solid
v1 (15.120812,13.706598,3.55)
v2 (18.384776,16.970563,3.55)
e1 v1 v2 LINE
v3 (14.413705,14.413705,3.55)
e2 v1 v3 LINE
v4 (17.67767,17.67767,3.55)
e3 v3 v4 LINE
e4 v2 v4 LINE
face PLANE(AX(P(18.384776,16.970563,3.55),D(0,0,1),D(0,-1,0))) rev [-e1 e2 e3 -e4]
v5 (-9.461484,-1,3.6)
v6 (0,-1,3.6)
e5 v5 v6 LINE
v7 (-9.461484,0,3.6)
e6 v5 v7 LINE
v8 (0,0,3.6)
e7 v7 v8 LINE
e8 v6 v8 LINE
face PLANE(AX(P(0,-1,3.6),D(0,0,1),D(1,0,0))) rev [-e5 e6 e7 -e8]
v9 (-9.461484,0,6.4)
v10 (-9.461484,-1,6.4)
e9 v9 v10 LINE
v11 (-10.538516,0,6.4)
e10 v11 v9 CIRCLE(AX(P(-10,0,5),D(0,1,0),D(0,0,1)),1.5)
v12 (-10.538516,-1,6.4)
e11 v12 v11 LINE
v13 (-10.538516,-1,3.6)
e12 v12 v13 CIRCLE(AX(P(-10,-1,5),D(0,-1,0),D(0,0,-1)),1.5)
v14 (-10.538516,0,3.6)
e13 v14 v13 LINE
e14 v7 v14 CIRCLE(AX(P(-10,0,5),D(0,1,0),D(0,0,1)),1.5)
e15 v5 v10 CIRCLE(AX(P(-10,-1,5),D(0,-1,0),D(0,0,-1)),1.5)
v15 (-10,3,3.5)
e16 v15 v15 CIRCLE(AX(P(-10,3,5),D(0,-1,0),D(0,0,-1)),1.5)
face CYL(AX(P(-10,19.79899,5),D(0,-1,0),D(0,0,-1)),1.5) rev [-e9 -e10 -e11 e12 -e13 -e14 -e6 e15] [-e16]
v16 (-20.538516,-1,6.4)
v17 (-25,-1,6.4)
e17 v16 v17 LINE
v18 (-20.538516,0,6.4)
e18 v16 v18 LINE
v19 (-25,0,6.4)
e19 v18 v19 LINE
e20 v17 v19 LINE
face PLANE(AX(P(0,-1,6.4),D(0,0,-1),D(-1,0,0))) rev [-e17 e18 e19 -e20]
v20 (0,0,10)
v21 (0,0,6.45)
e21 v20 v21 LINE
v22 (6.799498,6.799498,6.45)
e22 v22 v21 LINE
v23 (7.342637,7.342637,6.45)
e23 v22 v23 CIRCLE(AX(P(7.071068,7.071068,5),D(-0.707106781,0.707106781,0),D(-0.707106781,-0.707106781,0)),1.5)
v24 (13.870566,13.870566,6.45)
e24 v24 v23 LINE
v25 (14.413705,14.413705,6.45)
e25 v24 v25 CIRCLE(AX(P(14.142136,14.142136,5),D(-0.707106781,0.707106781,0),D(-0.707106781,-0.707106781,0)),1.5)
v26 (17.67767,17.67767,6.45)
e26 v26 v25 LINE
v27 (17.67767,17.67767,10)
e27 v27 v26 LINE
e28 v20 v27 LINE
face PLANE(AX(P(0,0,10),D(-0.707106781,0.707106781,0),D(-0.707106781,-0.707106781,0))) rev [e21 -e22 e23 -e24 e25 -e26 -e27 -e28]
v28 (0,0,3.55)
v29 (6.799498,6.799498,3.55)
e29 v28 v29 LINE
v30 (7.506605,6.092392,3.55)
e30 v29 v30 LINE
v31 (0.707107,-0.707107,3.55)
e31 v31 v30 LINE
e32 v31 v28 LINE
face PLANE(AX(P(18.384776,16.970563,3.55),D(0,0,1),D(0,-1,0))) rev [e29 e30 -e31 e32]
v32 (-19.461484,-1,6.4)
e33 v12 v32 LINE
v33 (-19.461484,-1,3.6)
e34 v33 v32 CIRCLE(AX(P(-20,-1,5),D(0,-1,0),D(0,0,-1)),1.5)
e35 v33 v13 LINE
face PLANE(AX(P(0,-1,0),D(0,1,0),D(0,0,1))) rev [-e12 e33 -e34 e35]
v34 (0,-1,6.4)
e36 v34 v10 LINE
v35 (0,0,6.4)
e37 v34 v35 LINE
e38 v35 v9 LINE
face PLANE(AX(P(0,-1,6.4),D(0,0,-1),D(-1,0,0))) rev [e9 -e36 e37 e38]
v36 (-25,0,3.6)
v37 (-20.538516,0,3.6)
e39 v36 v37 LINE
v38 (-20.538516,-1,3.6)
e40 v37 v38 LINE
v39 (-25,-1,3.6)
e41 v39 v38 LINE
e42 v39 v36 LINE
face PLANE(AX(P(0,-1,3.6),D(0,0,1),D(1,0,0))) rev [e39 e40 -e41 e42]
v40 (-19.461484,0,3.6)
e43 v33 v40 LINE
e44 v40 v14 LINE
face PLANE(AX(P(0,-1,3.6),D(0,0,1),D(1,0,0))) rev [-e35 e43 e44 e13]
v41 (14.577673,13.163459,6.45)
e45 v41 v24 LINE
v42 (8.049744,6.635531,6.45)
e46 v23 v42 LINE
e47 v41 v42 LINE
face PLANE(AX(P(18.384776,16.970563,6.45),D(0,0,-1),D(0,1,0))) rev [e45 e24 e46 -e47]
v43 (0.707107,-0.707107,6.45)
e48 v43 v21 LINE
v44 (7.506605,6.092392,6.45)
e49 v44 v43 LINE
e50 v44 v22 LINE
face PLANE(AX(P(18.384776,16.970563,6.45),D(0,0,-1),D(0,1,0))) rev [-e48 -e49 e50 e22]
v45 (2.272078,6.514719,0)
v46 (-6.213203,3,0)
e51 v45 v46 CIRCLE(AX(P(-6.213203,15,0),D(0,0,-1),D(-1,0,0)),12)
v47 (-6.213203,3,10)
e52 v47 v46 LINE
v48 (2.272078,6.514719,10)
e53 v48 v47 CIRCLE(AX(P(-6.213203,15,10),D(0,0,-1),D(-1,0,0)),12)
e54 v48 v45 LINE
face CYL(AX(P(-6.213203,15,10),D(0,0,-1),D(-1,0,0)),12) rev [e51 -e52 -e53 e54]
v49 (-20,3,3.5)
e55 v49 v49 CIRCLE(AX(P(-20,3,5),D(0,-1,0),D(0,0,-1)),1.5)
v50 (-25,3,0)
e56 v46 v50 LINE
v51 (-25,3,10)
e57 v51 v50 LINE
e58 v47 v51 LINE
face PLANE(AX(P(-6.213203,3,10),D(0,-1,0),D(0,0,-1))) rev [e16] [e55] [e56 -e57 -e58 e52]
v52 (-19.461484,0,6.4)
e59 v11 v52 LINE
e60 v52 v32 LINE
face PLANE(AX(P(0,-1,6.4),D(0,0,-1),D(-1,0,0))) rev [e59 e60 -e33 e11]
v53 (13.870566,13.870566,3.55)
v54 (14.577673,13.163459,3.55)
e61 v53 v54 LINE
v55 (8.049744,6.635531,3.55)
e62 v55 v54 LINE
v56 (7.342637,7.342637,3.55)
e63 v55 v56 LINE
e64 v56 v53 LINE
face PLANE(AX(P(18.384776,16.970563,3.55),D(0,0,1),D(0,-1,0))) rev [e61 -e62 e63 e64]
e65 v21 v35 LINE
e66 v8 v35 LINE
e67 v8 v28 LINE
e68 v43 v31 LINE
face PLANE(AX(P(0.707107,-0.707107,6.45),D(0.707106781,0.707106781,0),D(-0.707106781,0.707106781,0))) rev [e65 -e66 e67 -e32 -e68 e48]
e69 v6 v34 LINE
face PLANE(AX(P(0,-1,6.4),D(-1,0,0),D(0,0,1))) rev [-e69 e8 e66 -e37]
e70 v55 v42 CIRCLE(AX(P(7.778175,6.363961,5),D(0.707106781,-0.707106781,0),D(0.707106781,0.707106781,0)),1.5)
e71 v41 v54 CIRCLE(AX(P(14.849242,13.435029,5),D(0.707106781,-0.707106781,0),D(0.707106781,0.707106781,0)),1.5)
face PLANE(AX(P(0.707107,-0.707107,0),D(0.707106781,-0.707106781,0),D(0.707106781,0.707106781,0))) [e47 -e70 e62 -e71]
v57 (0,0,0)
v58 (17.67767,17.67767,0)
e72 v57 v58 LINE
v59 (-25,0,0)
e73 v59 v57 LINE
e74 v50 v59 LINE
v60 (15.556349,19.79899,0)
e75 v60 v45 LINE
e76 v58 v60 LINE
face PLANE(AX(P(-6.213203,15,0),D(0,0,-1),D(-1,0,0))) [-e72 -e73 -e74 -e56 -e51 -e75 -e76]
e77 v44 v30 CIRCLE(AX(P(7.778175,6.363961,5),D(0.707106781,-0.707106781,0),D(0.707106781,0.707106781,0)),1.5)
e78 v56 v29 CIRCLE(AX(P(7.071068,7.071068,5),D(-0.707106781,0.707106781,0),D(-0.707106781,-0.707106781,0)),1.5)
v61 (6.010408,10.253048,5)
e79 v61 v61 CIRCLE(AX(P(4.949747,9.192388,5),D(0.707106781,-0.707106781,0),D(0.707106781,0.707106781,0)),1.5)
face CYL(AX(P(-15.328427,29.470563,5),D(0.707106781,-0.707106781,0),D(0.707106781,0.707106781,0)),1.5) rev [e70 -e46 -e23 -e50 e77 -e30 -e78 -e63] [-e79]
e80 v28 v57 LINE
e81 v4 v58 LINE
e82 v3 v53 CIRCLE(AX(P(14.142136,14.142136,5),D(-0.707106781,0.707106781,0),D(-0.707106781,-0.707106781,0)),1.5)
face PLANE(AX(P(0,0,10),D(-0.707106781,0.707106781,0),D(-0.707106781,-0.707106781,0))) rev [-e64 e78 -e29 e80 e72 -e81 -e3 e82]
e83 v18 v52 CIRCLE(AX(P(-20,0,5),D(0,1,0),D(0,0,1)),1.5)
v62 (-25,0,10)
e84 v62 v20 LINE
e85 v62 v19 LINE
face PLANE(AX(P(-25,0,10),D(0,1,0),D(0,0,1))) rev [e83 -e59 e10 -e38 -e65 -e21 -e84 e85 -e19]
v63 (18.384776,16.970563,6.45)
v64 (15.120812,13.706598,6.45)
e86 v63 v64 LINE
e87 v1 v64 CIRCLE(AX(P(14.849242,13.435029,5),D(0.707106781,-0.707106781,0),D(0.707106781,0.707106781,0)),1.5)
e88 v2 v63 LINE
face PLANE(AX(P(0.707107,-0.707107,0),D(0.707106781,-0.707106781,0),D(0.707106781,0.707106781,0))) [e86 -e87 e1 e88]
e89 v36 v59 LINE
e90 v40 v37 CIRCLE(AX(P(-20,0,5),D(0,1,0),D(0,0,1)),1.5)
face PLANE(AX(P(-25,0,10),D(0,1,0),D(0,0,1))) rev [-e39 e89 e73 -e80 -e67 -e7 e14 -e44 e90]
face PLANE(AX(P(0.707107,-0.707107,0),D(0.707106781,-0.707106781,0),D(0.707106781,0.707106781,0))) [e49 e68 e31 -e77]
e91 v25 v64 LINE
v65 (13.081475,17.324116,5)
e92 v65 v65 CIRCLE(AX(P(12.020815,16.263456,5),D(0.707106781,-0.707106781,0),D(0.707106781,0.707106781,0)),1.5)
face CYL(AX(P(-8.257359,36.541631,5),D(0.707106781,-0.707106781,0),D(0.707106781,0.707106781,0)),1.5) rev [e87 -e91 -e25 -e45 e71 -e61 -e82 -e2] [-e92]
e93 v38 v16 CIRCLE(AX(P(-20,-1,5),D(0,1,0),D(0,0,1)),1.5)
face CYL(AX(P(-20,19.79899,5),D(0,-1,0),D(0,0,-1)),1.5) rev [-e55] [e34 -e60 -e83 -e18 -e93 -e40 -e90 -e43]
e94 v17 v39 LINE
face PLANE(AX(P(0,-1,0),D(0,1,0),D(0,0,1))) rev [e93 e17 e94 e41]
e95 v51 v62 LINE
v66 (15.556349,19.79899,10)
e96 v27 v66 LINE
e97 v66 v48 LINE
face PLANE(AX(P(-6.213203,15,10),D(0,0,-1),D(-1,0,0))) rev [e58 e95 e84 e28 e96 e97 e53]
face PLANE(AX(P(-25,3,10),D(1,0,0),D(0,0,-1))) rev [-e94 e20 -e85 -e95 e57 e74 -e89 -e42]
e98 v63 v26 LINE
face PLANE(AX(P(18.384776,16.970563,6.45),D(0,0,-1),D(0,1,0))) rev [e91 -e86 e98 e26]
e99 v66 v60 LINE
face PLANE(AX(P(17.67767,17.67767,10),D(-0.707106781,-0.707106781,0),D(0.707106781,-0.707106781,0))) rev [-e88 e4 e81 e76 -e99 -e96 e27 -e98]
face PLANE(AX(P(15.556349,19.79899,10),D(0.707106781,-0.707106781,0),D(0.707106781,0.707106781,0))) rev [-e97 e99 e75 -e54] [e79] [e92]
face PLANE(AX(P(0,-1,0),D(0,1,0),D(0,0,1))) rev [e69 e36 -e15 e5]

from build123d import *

# Parameters (mm, degrees)
BOSS_EXTRU_1_DEPTH           = 10
ESQUISSE4_W                  = 25
ESQUISSE4_H                  = 2.8
BOSS_EXTRU_2_DEPTH           = 1
ESQUISSE2_R                  = 1.5
ENL_V_MAT_EXTRU_1_DEPTH      = 34.421549934
ENL_V_MAT_EXTRU_1_DEPTH_BACK = 34.421549934
ESQUISSE5_W                  = 2.9
ESQUISSE5_H                  = 25
BOSS_EXTRU_3_DEPTH           = 1
ESQUISSE3_R                  = 1.5
ENL_V_MAT_EXTRU_2_DEPTH      = 34.421549934
ENL_V_MAT_EXTRU_2_DEPTH_BACK = 34.421549934


with BuildPart() as part:
    # Esquisse1 → Boss.-Extru.1 (new body)
    with BuildSketch(Plane.XY):
        with BuildLine():
            Line((-25, 0), (0, 0))
            Line((0, 0), (17.67766953, 17.67766953))
            Line((17.67766953, 17.67766953), (15.556349186, 19.798989873))
            Line((15.556349186, 19.798989873), (2.272077939, 6.514718626))
            ThreePointArc((2.272077939, 6.514718626), (-1.621002247, 3.91344561), (-6.213203436, 3))
            Line((-6.213203436, 3), (-25, 3))
            Line((-25, 3), (-25, 0))
        make_face()
    extrude(amount=BOSS_EXTRU_1_DEPTH)

    # Esquisse4 → Boss.-Extru.2 (add)
    with BuildSketch(Plane(origin=(0, 0, 0), x_dir=(-1, 0, 0), z_dir=(0, -1, 0))):
        with Locations((12.5, -5)):
            Rectangle(ESQUISSE4_W, ESQUISSE4_H)
    extrude(amount=BOSS_EXTRU_2_DEPTH)

    # Esquisse2 → Enlèv. mat.-Extru.1 (cut, two sides)
    with BuildSketch(Plane.XZ) as enl_v_mat_extru_1_sk:
        with Locations(Location((-20, 5, 0), (0, 0, 270))):
            Circle(ESQUISSE2_R)
        with Locations(Location((-10, 5, 0), (0, 0, 270))):
            Circle(ESQUISSE2_R)
    extrude(amount=ENL_V_MAT_EXTRU_1_DEPTH, mode=Mode.SUBTRACT)
    extrude(enl_v_mat_extru_1_sk.sketch, amount=-ENL_V_MAT_EXTRU_1_DEPTH_BACK, mode=Mode.SUBTRACT)

    # Esquisse5 → Boss.-Extru.3 (add)
    with BuildSketch(Plane(origin=(0, 0, 0), x_dir=(0, 0, -1), z_dir=(0.7071067811865485, -0.7071067811865466, 0))):
        with Locations((-5, 12.5)):
            Rectangle(ESQUISSE5_W, ESQUISSE5_H)
    extrude(amount=BOSS_EXTRU_3_DEPTH)

    # Esquisse3 → Enlèv. mat.-Extru.2 (cut, two sides)
    with BuildSketch(Plane(origin=(0, 0, 0), x_dir=(0, 0, -1), z_dir=(0.7071067811865485, -0.7071067811865466, 0))) as enl_v_mat_extru_2_sk:
        with Locations(Location((-5, 10, 0), (0, 0, 90))):
            Circle(ESQUISSE3_R)
        with Locations(Location((-5, 20, 0), (0, 0, 90))):
            Circle(ESQUISSE3_R)
    extrude(amount=ENL_V_MAT_EXTRU_2_DEPTH, mode=Mode.SUBTRACT)
    extrude(enl_v_mat_extru_2_sk.sketch, amount=-ENL_V_MAT_EXTRU_2_DEPTH_BACK, mode=Mode.SUBTRACT)


solid = part.part
